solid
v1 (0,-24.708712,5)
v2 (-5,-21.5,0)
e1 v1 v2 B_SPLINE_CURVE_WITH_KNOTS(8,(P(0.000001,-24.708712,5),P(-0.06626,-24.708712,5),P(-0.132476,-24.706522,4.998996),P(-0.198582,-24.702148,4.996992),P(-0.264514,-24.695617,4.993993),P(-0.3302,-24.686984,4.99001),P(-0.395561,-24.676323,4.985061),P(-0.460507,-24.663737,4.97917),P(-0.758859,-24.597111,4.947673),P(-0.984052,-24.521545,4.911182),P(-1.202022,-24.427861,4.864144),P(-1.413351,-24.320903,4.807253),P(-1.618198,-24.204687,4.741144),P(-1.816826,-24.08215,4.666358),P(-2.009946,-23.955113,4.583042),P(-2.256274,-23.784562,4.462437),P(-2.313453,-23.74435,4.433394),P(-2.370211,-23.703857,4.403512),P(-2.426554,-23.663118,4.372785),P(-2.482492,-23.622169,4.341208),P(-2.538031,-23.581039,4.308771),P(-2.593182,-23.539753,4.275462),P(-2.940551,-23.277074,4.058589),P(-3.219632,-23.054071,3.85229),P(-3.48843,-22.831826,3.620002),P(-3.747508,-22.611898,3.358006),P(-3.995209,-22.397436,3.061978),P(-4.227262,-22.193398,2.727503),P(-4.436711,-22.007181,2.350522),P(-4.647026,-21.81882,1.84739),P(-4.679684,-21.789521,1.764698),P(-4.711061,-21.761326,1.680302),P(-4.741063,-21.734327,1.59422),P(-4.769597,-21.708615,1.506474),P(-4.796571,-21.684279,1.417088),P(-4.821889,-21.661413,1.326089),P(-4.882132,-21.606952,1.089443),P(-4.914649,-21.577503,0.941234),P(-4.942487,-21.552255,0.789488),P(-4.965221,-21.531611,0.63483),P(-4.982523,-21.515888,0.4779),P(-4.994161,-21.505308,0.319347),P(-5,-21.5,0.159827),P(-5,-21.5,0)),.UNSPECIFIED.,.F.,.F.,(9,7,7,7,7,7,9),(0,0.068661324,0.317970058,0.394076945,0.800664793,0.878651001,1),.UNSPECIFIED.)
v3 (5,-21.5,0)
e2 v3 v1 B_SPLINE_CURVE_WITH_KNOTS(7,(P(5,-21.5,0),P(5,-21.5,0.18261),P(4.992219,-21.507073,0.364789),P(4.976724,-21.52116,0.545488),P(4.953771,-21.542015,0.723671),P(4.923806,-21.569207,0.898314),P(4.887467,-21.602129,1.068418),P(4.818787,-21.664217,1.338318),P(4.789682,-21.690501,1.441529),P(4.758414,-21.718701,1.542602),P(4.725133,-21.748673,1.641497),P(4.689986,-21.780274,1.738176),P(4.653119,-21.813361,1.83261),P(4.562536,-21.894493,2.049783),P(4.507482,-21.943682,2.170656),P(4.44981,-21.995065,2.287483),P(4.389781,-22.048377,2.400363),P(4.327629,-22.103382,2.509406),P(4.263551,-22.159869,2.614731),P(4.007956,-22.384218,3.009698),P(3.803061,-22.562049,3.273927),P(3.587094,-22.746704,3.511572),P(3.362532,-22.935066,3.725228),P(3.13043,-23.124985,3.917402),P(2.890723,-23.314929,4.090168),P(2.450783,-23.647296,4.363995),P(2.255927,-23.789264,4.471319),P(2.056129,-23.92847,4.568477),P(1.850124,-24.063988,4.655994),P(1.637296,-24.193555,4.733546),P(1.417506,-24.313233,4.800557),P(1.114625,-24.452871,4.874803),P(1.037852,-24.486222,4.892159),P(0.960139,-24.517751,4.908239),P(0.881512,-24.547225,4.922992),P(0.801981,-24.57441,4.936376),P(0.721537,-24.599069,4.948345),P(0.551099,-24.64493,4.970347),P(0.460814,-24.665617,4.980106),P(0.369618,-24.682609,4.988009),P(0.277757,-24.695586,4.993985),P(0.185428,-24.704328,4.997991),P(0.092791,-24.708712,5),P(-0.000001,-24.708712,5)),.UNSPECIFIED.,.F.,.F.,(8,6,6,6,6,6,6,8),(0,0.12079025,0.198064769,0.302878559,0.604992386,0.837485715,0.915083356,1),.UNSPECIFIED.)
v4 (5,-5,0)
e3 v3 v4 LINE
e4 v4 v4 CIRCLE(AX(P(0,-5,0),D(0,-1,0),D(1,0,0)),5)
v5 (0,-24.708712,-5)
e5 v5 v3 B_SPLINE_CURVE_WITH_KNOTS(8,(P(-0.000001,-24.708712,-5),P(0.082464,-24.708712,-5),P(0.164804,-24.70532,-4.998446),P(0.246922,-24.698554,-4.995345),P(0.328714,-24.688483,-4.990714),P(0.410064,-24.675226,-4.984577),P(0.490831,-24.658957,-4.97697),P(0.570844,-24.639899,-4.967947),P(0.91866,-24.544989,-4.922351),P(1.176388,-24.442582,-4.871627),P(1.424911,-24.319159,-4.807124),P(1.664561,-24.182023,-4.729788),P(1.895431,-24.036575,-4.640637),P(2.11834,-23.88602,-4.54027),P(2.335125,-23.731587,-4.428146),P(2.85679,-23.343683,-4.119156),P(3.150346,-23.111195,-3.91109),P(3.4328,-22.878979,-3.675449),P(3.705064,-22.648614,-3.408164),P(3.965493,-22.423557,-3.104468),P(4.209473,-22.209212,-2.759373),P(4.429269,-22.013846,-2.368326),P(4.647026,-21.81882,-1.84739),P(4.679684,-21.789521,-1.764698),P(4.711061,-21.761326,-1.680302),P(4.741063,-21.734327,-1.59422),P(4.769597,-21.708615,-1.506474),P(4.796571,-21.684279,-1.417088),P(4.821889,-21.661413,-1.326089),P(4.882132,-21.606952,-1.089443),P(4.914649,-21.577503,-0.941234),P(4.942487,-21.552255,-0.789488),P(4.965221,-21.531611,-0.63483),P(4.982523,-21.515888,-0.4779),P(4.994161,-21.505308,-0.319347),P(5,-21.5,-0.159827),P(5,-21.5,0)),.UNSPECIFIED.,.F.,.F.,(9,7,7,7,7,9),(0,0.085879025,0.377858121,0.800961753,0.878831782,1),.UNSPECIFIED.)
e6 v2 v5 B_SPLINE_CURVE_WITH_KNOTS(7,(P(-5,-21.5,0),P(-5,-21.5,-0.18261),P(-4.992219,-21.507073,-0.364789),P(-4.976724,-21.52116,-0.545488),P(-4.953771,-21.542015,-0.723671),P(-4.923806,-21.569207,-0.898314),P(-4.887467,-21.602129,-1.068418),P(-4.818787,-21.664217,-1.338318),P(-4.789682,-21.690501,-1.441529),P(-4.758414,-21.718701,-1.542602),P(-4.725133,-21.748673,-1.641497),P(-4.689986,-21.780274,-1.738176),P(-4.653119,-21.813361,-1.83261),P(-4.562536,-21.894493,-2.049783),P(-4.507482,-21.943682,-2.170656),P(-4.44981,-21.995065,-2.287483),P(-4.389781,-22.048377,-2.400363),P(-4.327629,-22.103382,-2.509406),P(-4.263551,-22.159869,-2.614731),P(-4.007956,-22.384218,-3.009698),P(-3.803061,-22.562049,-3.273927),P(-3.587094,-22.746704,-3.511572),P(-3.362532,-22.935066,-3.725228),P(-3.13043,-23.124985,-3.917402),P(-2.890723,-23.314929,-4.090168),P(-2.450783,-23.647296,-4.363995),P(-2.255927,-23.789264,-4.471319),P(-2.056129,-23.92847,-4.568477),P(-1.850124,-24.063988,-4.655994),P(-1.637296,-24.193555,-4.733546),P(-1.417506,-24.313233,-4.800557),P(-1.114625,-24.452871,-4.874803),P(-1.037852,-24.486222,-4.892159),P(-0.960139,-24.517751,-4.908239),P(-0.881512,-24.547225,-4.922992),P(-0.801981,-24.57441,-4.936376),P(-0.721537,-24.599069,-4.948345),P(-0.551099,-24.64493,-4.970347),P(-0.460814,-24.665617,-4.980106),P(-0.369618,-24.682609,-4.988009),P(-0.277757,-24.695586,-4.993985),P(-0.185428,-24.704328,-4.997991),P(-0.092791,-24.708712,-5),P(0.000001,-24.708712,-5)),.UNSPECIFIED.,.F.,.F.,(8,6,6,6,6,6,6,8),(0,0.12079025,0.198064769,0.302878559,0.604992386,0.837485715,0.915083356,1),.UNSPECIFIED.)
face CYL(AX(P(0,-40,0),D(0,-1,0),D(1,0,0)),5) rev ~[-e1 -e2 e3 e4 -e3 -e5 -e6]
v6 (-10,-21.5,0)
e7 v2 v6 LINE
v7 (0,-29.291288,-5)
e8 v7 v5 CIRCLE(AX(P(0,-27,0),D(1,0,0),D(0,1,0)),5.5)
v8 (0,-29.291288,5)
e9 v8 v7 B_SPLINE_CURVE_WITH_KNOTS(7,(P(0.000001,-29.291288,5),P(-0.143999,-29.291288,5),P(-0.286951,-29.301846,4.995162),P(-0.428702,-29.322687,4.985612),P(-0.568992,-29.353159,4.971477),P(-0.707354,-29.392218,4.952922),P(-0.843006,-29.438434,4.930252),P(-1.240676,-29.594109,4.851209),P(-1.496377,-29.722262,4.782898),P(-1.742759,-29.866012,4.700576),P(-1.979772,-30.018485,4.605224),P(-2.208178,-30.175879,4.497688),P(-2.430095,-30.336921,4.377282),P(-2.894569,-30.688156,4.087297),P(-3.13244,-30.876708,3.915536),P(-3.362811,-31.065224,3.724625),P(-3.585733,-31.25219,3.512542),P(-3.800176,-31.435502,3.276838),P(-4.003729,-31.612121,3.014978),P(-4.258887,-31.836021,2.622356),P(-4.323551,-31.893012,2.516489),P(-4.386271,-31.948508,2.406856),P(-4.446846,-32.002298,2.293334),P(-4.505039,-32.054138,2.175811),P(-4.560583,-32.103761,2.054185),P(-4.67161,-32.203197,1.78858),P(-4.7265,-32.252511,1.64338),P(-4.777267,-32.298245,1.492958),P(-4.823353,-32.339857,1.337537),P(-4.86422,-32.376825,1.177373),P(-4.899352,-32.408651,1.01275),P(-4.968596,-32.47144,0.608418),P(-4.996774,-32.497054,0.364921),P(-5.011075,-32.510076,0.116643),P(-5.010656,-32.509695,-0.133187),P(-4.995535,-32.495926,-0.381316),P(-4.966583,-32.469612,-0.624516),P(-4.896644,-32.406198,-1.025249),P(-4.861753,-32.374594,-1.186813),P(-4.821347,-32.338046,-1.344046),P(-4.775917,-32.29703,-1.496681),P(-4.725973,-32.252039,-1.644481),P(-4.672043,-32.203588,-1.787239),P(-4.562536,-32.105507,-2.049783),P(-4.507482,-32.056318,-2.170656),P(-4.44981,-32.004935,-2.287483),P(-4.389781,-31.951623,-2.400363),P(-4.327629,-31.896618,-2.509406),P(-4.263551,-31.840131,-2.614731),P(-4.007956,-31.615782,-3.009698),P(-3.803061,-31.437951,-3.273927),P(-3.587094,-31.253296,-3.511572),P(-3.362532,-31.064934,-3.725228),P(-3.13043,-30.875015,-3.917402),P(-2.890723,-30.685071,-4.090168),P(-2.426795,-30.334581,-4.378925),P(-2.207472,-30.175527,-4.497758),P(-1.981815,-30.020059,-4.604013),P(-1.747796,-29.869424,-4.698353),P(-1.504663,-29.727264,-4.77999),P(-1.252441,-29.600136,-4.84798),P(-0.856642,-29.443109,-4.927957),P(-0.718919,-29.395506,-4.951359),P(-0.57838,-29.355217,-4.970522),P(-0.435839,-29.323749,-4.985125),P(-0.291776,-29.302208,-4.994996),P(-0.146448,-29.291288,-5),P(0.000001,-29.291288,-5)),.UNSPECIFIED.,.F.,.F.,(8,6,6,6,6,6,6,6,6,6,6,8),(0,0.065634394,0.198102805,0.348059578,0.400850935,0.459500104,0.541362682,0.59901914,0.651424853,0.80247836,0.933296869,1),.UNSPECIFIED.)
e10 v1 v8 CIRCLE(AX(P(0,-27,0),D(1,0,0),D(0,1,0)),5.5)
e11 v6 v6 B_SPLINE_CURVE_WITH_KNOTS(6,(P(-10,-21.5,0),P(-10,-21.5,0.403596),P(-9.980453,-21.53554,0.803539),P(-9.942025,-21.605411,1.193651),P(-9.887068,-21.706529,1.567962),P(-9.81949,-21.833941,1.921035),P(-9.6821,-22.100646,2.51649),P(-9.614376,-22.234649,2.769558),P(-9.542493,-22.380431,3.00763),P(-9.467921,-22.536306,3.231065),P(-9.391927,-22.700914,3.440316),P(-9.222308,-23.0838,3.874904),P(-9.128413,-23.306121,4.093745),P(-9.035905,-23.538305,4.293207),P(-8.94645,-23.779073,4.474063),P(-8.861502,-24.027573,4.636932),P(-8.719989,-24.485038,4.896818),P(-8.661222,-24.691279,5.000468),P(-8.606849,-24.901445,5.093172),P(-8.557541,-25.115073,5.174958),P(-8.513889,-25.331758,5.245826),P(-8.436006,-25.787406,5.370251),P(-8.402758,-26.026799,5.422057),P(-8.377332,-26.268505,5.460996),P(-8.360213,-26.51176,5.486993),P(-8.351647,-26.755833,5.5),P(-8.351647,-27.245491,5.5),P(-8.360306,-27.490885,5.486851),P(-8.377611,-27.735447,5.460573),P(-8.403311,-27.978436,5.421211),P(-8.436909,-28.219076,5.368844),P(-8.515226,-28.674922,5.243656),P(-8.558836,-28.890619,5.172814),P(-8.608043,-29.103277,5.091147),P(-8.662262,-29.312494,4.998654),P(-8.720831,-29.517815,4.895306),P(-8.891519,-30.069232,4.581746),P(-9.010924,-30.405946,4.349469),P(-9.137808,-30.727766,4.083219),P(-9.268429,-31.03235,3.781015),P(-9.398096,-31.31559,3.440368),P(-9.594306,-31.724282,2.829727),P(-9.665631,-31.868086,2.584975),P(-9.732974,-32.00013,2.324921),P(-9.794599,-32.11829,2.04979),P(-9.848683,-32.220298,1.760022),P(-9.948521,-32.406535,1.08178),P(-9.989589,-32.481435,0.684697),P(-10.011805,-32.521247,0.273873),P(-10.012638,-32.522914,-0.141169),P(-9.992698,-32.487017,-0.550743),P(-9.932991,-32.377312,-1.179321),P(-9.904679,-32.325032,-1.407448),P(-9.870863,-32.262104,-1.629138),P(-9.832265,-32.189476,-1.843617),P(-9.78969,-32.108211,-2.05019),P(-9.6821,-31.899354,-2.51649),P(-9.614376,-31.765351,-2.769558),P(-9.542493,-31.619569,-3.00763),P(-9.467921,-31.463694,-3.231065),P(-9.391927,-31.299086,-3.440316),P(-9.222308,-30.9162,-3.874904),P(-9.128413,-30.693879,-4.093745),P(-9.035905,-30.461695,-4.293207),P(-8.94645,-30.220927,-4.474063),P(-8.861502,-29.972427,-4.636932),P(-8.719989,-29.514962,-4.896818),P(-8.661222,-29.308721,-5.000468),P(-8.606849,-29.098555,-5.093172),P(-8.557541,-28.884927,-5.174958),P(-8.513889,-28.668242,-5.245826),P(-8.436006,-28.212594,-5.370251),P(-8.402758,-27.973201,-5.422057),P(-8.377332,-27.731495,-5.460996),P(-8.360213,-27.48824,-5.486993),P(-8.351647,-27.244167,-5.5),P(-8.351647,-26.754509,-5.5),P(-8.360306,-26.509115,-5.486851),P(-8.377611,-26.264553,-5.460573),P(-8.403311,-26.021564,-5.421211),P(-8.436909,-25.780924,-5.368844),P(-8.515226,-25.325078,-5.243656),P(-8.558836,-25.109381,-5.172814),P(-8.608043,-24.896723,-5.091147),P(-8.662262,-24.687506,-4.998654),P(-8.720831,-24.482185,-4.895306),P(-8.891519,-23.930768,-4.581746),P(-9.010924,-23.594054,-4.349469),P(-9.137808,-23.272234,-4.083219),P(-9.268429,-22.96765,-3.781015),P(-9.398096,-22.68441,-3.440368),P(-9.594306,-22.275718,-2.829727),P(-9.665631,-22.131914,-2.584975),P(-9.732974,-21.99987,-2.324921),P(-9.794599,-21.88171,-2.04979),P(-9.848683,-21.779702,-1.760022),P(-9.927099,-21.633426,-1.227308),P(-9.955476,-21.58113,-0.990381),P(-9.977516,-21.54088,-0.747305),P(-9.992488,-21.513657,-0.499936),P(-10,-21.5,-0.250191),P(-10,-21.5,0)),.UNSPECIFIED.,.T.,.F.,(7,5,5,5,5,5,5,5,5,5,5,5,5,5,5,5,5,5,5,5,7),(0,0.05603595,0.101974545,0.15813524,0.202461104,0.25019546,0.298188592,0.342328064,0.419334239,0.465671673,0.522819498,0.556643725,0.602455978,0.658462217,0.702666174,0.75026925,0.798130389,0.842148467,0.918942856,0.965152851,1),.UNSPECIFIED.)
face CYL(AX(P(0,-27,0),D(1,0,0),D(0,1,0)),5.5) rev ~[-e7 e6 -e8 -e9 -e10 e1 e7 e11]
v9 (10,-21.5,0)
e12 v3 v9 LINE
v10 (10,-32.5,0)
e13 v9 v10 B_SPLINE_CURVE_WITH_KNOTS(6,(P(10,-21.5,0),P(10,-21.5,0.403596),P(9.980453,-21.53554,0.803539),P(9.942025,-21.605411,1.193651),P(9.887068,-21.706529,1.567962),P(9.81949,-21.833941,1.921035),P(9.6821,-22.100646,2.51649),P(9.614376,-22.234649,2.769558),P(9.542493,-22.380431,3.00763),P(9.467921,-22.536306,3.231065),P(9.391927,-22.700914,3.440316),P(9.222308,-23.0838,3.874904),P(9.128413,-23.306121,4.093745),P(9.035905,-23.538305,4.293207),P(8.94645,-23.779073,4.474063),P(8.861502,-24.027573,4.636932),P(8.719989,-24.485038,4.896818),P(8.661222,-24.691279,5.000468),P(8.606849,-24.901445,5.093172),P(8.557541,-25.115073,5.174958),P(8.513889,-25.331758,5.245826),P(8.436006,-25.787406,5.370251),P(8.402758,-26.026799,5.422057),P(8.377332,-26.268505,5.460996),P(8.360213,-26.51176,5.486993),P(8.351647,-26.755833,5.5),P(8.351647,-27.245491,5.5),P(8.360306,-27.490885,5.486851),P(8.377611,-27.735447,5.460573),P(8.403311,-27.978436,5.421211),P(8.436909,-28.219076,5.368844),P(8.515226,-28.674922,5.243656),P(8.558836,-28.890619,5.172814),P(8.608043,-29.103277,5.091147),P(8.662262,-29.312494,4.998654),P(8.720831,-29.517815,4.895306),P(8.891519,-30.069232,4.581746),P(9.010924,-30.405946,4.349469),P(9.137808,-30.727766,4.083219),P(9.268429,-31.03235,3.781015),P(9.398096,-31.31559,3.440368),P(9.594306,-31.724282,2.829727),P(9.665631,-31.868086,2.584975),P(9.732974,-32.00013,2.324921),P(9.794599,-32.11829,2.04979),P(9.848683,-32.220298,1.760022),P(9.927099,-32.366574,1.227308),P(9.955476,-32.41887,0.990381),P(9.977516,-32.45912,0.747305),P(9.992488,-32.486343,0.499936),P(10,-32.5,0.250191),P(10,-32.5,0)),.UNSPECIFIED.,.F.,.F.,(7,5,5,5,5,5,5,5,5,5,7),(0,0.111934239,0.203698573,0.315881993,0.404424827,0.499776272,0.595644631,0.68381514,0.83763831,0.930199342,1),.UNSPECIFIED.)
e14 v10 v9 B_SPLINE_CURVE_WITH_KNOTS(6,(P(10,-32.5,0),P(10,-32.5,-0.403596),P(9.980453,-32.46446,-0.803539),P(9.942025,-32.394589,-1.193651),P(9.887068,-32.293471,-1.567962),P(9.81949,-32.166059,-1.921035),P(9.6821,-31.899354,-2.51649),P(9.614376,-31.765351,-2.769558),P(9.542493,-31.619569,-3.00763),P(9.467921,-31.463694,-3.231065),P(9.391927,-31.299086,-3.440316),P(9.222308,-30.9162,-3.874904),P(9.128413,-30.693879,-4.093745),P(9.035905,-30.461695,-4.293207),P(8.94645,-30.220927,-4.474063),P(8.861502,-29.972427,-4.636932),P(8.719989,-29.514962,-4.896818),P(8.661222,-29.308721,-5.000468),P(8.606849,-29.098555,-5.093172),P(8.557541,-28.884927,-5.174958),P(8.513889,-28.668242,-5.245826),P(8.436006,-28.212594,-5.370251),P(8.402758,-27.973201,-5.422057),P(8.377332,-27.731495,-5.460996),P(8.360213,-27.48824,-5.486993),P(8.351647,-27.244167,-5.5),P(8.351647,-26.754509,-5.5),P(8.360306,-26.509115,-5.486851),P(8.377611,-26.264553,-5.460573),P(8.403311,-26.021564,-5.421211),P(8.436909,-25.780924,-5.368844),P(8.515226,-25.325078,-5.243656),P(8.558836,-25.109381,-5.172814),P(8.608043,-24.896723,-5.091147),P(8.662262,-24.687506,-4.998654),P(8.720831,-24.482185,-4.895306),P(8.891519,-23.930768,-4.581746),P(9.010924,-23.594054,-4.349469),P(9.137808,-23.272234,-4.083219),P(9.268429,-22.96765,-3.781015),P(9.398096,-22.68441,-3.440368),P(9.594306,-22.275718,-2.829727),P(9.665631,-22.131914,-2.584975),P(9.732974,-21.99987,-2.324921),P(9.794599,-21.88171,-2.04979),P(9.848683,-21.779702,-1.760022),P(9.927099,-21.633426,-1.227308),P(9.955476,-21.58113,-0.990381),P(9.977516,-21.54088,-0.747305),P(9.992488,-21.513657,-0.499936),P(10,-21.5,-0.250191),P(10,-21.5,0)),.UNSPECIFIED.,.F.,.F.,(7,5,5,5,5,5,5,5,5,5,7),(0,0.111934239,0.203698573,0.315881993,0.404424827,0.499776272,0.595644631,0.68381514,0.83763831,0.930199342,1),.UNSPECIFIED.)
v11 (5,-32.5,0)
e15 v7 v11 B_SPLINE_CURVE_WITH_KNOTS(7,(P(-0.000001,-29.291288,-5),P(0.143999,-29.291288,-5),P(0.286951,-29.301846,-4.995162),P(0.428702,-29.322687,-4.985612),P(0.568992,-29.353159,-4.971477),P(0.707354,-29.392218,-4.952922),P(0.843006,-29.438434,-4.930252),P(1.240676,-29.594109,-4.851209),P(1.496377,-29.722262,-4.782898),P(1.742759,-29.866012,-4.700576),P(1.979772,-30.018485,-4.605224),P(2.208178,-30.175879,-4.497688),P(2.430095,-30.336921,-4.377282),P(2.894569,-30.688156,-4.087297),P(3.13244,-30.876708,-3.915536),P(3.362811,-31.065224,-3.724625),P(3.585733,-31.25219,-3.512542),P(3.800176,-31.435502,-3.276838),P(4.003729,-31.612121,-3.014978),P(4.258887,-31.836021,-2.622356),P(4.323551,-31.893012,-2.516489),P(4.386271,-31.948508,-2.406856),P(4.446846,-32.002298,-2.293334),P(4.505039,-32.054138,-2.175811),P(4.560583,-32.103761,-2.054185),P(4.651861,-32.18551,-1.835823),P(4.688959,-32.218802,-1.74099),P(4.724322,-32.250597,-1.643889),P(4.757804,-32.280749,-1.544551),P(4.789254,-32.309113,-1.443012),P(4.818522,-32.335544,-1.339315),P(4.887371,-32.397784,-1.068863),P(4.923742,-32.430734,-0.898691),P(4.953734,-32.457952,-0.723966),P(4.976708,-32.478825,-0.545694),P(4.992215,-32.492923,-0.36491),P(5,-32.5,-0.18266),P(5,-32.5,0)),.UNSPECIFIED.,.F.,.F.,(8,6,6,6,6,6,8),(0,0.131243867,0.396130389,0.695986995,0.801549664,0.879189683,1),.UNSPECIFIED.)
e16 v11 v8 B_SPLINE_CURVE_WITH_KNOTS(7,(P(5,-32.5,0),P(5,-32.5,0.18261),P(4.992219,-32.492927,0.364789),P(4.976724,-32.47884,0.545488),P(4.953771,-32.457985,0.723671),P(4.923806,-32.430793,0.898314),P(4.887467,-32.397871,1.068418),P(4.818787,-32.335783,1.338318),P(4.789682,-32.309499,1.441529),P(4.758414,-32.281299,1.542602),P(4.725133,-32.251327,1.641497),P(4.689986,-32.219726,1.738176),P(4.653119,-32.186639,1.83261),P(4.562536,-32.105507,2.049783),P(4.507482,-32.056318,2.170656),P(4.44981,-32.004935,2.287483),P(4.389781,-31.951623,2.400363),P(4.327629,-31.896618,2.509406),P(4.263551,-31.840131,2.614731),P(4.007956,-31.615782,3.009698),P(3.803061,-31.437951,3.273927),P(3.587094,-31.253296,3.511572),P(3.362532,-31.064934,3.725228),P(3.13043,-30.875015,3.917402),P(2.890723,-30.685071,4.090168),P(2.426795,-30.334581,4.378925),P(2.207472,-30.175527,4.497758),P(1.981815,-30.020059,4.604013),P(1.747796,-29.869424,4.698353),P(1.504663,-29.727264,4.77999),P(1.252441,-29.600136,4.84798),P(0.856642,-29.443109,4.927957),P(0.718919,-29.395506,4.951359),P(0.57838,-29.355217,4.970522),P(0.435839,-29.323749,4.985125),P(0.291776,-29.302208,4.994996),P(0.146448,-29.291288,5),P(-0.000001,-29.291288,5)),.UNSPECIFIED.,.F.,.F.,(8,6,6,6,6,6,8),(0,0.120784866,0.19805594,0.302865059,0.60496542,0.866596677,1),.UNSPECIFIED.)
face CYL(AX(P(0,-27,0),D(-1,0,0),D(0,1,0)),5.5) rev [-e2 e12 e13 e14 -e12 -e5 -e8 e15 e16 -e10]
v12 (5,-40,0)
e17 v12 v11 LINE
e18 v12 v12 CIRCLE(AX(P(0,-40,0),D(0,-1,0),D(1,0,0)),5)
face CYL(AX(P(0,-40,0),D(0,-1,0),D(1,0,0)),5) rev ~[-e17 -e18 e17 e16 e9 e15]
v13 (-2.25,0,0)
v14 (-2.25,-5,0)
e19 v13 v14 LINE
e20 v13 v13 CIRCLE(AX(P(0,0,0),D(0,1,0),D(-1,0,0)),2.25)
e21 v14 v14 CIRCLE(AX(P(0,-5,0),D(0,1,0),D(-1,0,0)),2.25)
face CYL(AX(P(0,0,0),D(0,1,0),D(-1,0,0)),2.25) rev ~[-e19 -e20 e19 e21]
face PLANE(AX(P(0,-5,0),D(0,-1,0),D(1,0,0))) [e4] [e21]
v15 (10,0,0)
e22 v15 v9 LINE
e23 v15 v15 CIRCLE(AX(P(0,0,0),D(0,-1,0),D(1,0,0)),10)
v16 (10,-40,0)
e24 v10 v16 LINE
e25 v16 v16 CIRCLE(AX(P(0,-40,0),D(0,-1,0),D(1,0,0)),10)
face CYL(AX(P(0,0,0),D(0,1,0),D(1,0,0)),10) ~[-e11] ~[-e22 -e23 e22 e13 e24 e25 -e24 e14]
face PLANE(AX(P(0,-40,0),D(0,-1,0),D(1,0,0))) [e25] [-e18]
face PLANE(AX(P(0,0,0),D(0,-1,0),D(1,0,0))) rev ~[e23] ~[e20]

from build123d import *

# Parameters (mm, degrees)
F0_R          = 10
F1_DEPTH      = 40
F2_R          = 2.25
F3_DEPTH      = 40
F4_R          = 5
F5_DEPTH      = 35
F6_R          = 5.5
F7_DEPTH      = 10.001
F7_DEPTH_BACK = 10.001


with BuildPart() as f1:
    # F0 (on Front) → F1 (new body)
    with BuildSketch(Plane.XZ):
        Circle(F0_R)
    extrude(amount=F1_DEPTH)

    # F2 (on face) → F3 (cut, through all)
    with BuildSketch(Plane(origin=(0, 0, 0), x_dir=(-1, 0, 0), z_dir=(0, 1, 0))):
        Circle(F2_R)
    extrude(amount=-F3_DEPTH, mode=Mode.SUBTRACT)

    # F4 (on face) → F5 (cut)
    with BuildSketch(Plane.XZ.offset(40)):
        Circle(F4_R)
    extrude(amount=-F5_DEPTH, mode=Mode.SUBTRACT)

    # F6 (on Right) → F7 (cut, two sides)
    with BuildSketch(Plane.YZ) as f7_sk:
        with Locations((-27, 0)):
            Circle(F6_R)
    extrude(amount=-F7_DEPTH, mode=Mode.SUBTRACT)
    extrude(f7_sk.sketch, amount=F7_DEPTH_BACK, mode=Mode.SUBTRACT)


solid = f1.part
